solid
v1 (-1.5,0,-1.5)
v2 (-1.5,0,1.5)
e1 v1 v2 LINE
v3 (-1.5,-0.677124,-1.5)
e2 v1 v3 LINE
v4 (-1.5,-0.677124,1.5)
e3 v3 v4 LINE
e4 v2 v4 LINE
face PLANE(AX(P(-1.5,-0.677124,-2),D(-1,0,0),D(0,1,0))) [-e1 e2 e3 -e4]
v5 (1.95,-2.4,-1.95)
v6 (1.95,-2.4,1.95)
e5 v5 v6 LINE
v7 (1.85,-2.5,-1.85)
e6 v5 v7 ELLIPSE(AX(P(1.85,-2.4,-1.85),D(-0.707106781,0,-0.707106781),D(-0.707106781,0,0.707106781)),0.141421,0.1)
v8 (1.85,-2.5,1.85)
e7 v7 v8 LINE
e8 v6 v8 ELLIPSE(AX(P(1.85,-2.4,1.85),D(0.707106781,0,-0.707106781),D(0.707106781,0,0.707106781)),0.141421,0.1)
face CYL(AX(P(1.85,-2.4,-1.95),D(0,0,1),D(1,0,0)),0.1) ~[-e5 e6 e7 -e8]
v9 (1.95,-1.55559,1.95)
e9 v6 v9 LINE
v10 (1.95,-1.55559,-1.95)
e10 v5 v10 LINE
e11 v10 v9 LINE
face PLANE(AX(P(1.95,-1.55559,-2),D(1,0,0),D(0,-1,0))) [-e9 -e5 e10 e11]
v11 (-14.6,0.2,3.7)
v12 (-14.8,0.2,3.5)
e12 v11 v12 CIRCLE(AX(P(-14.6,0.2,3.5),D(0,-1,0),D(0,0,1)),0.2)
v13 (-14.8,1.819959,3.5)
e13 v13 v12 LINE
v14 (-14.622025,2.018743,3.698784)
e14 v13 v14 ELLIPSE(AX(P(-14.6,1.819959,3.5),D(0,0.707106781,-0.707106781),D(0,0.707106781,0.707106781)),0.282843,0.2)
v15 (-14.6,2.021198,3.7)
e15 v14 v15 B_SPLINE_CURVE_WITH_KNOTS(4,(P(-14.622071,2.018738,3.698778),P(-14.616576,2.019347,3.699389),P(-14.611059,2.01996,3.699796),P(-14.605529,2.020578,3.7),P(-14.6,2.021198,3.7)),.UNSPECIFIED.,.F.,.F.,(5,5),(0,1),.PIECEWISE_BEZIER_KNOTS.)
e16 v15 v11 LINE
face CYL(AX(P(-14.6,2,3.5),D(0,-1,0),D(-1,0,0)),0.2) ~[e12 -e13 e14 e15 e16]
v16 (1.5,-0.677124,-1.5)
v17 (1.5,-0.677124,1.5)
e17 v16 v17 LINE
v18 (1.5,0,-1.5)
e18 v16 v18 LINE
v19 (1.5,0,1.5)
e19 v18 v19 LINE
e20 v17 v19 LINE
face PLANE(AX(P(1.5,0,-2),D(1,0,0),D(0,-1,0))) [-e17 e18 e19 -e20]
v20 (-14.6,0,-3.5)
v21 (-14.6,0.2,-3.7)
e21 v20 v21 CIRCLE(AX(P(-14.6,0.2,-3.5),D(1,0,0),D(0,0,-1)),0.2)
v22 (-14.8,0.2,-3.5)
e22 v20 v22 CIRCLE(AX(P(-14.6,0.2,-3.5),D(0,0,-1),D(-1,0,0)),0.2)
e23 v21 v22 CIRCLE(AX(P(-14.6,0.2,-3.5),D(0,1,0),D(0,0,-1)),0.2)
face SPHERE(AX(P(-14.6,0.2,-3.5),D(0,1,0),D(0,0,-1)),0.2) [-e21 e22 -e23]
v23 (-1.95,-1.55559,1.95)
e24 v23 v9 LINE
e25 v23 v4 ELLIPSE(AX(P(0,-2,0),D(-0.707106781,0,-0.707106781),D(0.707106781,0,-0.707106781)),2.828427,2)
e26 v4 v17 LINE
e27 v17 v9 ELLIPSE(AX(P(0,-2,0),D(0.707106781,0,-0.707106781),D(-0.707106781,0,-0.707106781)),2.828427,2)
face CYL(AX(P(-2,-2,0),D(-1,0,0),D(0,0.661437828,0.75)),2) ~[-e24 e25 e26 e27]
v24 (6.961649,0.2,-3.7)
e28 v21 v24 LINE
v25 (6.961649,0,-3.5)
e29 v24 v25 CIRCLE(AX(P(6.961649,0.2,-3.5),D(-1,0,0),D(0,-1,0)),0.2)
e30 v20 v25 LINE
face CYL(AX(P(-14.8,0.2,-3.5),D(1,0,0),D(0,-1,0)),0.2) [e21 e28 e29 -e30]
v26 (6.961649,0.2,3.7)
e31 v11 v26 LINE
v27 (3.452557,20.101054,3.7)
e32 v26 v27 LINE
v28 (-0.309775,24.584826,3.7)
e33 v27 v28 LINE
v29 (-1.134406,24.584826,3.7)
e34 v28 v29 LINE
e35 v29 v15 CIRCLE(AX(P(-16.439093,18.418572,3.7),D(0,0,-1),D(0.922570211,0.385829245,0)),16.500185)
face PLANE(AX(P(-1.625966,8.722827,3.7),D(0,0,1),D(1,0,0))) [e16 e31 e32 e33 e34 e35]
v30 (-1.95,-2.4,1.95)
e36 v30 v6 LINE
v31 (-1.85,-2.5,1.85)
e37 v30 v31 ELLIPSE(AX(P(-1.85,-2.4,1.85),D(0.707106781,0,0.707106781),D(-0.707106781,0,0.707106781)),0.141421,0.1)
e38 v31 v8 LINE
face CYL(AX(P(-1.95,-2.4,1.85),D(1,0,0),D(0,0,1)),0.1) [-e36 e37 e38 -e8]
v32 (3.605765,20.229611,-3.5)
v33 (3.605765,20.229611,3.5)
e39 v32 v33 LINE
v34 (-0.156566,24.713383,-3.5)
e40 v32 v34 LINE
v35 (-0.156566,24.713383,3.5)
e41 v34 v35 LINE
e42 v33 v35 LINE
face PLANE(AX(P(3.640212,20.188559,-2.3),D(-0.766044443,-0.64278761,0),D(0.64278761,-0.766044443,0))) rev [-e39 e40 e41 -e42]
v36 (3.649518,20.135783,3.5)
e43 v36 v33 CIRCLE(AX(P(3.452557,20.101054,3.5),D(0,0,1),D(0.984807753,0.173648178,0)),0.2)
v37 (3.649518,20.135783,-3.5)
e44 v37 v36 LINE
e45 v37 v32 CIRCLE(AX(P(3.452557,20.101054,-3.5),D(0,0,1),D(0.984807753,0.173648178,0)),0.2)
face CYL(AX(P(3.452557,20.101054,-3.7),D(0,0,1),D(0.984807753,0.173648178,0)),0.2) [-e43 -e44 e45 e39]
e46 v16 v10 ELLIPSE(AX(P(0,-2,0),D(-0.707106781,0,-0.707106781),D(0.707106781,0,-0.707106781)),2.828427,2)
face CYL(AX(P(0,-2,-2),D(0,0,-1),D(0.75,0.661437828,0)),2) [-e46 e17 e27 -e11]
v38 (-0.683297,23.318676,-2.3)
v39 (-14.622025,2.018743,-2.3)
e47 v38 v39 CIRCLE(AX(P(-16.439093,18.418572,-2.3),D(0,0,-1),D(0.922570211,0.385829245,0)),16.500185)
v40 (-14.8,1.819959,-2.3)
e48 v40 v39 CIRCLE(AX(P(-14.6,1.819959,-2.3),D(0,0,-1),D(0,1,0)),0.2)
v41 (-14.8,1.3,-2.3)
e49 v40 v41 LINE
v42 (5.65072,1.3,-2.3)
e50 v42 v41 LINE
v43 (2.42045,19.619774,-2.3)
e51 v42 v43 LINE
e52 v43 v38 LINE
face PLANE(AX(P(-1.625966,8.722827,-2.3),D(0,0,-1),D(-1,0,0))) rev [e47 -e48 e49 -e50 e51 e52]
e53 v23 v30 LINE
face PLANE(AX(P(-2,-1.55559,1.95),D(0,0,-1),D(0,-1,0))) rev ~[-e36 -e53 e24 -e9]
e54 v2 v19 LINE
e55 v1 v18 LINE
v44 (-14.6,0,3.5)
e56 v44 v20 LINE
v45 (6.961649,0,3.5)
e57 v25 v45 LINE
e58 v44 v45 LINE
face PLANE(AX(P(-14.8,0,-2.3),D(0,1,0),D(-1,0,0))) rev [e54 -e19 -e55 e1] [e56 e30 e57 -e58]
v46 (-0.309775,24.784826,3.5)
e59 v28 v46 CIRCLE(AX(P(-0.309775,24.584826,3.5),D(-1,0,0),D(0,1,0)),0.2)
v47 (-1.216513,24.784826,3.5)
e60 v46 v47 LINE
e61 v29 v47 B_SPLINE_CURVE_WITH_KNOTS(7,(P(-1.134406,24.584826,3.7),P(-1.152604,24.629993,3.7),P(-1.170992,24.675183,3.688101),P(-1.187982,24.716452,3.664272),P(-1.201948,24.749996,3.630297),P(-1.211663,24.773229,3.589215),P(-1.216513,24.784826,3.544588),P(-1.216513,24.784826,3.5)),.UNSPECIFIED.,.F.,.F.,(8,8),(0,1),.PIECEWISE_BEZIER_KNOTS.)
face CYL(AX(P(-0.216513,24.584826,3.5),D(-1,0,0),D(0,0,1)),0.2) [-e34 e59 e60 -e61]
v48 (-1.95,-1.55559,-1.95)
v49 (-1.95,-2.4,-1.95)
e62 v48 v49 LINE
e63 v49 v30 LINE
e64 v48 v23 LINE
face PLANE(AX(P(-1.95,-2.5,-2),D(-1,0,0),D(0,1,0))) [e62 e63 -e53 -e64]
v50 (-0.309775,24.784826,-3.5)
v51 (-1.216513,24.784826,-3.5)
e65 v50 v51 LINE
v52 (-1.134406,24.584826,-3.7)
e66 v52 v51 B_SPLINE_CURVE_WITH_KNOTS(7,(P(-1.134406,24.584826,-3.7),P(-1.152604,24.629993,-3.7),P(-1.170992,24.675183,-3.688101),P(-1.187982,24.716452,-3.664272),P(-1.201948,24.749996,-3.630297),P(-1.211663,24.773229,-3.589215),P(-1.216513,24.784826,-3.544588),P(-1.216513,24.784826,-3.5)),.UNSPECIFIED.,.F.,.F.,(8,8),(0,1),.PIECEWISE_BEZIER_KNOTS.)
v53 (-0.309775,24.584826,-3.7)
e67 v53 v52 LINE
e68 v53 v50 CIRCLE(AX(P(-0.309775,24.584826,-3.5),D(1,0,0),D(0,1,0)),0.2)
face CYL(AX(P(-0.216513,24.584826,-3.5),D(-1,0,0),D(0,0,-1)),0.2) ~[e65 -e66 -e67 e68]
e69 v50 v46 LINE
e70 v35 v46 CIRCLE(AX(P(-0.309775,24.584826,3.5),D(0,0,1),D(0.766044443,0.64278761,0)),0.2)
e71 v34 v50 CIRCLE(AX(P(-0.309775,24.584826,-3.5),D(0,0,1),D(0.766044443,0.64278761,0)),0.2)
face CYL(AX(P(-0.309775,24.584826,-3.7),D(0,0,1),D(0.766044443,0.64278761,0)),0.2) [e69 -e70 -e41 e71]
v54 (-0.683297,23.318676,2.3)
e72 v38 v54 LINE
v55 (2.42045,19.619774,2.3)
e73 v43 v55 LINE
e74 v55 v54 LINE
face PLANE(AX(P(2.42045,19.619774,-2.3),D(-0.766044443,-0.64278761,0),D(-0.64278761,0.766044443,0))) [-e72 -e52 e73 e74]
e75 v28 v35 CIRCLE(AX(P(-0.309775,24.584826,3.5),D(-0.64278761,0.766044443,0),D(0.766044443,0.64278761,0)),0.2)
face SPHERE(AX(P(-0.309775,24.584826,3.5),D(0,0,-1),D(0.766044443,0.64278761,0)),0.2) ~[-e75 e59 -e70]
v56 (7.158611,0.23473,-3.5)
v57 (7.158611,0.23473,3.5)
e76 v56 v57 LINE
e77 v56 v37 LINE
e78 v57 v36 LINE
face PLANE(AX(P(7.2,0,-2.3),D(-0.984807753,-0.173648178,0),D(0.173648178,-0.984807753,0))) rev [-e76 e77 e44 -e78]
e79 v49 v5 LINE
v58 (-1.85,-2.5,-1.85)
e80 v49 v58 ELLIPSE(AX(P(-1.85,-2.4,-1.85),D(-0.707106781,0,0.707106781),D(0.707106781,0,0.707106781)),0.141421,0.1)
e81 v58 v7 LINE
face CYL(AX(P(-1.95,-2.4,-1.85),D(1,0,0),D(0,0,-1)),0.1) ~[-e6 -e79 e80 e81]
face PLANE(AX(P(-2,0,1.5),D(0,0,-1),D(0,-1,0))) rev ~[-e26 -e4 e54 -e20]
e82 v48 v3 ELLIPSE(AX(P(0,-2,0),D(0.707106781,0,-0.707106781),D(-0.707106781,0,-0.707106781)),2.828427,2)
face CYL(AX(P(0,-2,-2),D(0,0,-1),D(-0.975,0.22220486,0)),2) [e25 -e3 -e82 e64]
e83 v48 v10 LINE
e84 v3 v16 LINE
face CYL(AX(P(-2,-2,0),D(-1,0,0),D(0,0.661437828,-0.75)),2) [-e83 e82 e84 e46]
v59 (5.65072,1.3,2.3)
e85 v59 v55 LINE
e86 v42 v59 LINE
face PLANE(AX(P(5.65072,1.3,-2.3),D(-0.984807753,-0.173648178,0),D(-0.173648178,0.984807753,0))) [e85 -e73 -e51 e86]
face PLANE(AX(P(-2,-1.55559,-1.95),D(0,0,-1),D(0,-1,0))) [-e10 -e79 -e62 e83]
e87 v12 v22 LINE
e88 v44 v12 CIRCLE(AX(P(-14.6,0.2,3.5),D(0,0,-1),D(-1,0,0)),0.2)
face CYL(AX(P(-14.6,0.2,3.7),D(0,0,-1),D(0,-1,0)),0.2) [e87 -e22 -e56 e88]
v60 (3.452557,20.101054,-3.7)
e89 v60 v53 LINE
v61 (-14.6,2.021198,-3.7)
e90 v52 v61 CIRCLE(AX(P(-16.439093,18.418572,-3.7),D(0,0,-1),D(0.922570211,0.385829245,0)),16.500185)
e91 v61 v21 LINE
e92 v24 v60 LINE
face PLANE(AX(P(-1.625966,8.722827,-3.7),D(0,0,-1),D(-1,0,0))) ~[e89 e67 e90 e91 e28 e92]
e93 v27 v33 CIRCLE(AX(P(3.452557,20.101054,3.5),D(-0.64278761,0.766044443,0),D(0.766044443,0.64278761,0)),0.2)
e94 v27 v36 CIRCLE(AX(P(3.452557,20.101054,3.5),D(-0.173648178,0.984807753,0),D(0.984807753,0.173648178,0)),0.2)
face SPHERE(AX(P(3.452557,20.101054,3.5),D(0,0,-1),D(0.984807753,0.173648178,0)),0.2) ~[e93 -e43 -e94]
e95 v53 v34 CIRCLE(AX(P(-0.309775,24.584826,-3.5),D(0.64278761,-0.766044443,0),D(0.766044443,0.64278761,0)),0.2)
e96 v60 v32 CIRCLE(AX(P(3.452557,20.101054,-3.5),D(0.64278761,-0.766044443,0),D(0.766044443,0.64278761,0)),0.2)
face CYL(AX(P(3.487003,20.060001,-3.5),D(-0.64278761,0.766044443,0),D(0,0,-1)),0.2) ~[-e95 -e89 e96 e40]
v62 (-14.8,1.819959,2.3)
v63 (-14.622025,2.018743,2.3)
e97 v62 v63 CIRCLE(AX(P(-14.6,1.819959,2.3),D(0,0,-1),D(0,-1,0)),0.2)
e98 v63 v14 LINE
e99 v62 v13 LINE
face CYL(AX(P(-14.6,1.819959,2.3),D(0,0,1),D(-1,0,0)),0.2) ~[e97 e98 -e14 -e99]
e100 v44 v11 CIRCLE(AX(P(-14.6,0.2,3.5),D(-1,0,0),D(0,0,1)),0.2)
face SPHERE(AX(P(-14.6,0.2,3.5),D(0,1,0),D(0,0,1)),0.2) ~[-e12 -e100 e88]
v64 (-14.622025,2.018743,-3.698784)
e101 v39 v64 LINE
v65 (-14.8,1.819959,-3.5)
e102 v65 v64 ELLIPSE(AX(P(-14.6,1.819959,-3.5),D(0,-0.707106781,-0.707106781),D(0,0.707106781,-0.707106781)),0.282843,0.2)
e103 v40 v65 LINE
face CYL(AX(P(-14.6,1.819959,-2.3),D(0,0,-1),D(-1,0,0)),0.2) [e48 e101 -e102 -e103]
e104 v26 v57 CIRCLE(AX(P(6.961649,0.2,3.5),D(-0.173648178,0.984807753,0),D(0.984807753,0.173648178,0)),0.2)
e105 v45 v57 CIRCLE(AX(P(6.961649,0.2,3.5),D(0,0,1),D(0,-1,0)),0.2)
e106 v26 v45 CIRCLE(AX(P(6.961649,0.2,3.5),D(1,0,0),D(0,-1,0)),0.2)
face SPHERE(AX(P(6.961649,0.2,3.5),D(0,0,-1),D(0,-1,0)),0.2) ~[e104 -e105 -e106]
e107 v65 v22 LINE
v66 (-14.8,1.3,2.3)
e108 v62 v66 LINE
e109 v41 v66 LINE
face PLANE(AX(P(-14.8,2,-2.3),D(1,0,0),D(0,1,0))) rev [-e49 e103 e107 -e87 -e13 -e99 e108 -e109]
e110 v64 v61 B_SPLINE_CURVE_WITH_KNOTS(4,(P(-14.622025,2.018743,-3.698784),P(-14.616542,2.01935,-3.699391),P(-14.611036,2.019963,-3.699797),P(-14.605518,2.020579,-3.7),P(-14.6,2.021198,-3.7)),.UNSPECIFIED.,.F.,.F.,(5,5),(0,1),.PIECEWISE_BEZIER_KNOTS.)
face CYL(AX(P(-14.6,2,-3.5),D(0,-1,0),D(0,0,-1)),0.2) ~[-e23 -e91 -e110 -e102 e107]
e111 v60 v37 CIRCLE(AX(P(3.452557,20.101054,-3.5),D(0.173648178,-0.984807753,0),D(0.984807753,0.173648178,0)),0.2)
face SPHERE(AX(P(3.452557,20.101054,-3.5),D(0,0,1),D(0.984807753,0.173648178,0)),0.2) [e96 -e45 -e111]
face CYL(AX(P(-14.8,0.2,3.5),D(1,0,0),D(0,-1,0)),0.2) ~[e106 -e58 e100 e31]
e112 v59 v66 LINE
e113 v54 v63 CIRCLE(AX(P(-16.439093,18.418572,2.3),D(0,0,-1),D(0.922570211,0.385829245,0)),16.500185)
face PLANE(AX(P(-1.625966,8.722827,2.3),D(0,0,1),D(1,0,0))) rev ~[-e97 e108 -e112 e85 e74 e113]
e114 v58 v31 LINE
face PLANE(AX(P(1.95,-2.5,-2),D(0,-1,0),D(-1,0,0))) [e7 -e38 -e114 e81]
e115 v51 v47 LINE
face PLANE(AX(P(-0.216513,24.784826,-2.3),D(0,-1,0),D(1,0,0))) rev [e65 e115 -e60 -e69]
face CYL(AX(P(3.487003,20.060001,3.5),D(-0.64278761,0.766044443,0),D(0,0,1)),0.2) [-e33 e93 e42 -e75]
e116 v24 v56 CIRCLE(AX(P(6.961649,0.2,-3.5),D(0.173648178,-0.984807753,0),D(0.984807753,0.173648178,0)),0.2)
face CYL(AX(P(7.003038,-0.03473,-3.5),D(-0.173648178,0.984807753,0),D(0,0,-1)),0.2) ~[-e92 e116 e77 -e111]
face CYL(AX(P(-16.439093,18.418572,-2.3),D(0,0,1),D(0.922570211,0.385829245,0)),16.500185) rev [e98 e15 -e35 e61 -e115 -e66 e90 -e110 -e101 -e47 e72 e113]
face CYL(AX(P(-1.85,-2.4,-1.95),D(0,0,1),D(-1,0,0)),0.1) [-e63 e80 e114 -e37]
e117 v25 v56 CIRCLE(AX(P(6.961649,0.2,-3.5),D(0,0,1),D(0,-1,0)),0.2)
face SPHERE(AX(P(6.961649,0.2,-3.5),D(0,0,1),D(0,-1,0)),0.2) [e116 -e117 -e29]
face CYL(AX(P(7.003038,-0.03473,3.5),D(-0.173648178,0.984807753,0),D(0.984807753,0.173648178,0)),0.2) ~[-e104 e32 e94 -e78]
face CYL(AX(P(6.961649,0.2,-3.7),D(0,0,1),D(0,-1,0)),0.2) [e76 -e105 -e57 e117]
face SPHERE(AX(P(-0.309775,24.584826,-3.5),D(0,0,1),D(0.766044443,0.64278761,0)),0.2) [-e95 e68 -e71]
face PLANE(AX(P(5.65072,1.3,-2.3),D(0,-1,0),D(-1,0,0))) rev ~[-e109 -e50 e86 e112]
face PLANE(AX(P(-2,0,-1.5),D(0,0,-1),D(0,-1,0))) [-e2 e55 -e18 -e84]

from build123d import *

# Parameters (mm, degrees)
EXTRUDE_1_DEPTH          = 2.3
EXTRUDE_1_DEPTH_BACK     = 2.3
EXTRUDE_2_DEPTH          = 1.4
EXTRUDE_3_DEPTH          = 2
EXTRUDE_3_DEPTH_BACK     = 2
CUT_EXTRUDE_2_DEPTH      = 7.4
CUT_EXTRUDE_3_DEPTH      = 2
CUT_EXTRUDE_3_DEPTH_BACK = 2
FILLET_1_R               = 0.2
FILLET_2_R               = 0.1


with BuildPart() as part:
    # 草图1 → 凸台-拉伸1 (new, two sides: drawn at the far end of the back side and taken through both)
    with BuildSketch(Plane.XY.offset(-EXTRUDE_1_DEPTH_BACK)):
        Polygon((0, 0), (-14.8, 0), (-14.8, 1.3), (0, 1.3), (5.65072033, 1.3), (2.420449835, 19.619774331), (-0.822713256, 23.484825595), (-1.2165133, 23.484825595), (-1.2165133, 24.784825595), (-0.2165133, 24.784825595), (3.640212358, 20.188558937), (7.2, 0), align=None)
    extrude(amount=EXTRUDE_1_DEPTH + EXTRUDE_1_DEPTH_BACK)

    # 草图2 → 凸台-拉伸2 (add)
    with BuildSketch(Plane.XY.offset(2.3)):
        with BuildLine():
            Line((-14.8, 0), (7.2, 0))
            Line((7.2, 0), (3.640212358, 20.188558937))
            Line((3.640212358, 20.188558937), (-0.2165133, 24.784825595))
            Line((-0.2165133, 24.784825595), (-1.2165133, 24.784825595))
            ThreePointArc((-1.2165133, 24.784825595), (-2.266370135, 9.969308294), (-14.8, 2))
            Line((-14.8, 2), (-14.8, 0))
        make_face()
    extrude_2 = extrude(amount=EXTRUDE_2_DEPTH)

    # 镜向1: 凸台-拉伸2 across plane
    add(extrude_2.mirror(Plane.XY))

    # 草图4 → 凸台-拉伸3 (add, two sides: drawn at the far end of the back side and taken through both)
    with BuildSketch(Plane.XY.offset(-EXTRUDE_3_DEPTH_BACK)):
        with BuildLine():
            Line((-1.5, 0), (1.5, 0))
            Line((1.5, 0), (1.5, -0.677124344))
            ThreePointArc((1.5, -0.677124344), (1.780042303, -1.088161527), (1.95, -1.555590279))
            Line((1.95, -1.555590279), (1.95, -2.5))
            Line((1.95, -2.5), (-1.95, -2.5))
            Line((-1.95, -2.5), (-1.95, -1.555590279))
            ThreePointArc((-1.95, -1.555590279), (-1.780042303, -1.088161527), (-1.5, -0.677124344))
            Line((-1.5, -0.677124344), (-1.5, 0))
        make_face()
    extrude(amount=EXTRUDE_3_DEPTH + EXTRUDE_3_DEPTH_BACK)

    # 草图5 → 切除-拉伸2 (cut)
    with BuildSketch(Plane.XY.offset(3.7)):
        with BuildLine():
            Line((-1.2165133, 24.784825595), (-14.8, 2))
            ThreePointArc((-14.8, 2), (-2.266370135, 9.969308294), (-1.2165133, 24.784825595))
        make_face()
    extrude(amount=-CUT_EXTRUDE_2_DEPTH, mode=Mode.SUBTRACT)

    # 草图6 → 切除-拉伸3 (cut, two sides: drawn at the far end of the back side and taken through both)
    with BuildSketch(Plane(origin=(0, 0, 0), x_dir=(0, 0, -1), z_dir=(1, 0, 0)).offset(-CUT_EXTRUDE_3_DEPTH_BACK)):
        with BuildLine():
            Line((1.5, 0), (1.5, -0.677124344))
            ThreePointArc((1.5, -0.677124344), (1.780042303, -1.088161527), (1.95, -1.555590279))
            Line((1.95, -1.555590279), (1.95, -2.5))
            Line((1.95, -2.5), (2, -2.5))
            Line((2, -2.5), (2, 0))
            Line((2, 0), (1.5, 0))
        make_face()
        with BuildLine():
            Line((-1.95, -2.5), (-2, -2.5))
            Line((-2, -2.5), (-2, 0))
            Line((-2, 0), (-1.5, 0))
            Line((-1.5, 0), (-1.5, -0.677124344))
            ThreePointArc((-1.5, -0.677124344), (-1.780042303, -1.088161527), (-1.95, -1.555590279))
            Line((-1.95, -1.555590279), (-1.95, -2.5))
        make_face()
    extrude(amount=CUT_EXTRUDE_3_DEPTH + CUT_EXTRUDE_3_DEPTH_BACK, mode=Mode.SUBTRACT)

    # 圆角1
    fillet_1_edges = [part.edges().sort_by_distance(p)[0] for p in [
        (-14.8, 2, -3),
        (-14.8, 2, 3),
        (-14.8, 1, 3.7),
        (-14.8, 1, -3.7),
        (-0.7165133, 24.784825595, -3.7),
        (-0.7165133, 24.784825595, 3.7),
        (-0.2165133, 24.784825595, 0),
        (1.711849529, 22.486692266, -3.7),
        (1.711849529, 22.486692266, 3.7),
        (3.640212358, 20.188558937, 0),
        (5.420106179, 10.094279468, -3.7),
        (5.420106179, 10.094279468, 3.7),
        (7.2, 0, 0),
        (-3.8, 0, -3.7),
        (-3.8, 0, 3.7),
        (-14.8, 0, 0),
    ]]
    fillet(fillet_1_edges, radius=FILLET_1_R)

    # 圆角2
    fillet_2_edges = [part.edges().sort_by_distance(p)[0] for p in [
        (1.95, -2.5, 0),
        (-1.95, -2.5, 0),
        (0, -2.5, -1.95),
        (0, -2.5, 1.95),
    ]]
    fillet(fillet_2_edges, radius=FILLET_2_R)


solid = part.part
